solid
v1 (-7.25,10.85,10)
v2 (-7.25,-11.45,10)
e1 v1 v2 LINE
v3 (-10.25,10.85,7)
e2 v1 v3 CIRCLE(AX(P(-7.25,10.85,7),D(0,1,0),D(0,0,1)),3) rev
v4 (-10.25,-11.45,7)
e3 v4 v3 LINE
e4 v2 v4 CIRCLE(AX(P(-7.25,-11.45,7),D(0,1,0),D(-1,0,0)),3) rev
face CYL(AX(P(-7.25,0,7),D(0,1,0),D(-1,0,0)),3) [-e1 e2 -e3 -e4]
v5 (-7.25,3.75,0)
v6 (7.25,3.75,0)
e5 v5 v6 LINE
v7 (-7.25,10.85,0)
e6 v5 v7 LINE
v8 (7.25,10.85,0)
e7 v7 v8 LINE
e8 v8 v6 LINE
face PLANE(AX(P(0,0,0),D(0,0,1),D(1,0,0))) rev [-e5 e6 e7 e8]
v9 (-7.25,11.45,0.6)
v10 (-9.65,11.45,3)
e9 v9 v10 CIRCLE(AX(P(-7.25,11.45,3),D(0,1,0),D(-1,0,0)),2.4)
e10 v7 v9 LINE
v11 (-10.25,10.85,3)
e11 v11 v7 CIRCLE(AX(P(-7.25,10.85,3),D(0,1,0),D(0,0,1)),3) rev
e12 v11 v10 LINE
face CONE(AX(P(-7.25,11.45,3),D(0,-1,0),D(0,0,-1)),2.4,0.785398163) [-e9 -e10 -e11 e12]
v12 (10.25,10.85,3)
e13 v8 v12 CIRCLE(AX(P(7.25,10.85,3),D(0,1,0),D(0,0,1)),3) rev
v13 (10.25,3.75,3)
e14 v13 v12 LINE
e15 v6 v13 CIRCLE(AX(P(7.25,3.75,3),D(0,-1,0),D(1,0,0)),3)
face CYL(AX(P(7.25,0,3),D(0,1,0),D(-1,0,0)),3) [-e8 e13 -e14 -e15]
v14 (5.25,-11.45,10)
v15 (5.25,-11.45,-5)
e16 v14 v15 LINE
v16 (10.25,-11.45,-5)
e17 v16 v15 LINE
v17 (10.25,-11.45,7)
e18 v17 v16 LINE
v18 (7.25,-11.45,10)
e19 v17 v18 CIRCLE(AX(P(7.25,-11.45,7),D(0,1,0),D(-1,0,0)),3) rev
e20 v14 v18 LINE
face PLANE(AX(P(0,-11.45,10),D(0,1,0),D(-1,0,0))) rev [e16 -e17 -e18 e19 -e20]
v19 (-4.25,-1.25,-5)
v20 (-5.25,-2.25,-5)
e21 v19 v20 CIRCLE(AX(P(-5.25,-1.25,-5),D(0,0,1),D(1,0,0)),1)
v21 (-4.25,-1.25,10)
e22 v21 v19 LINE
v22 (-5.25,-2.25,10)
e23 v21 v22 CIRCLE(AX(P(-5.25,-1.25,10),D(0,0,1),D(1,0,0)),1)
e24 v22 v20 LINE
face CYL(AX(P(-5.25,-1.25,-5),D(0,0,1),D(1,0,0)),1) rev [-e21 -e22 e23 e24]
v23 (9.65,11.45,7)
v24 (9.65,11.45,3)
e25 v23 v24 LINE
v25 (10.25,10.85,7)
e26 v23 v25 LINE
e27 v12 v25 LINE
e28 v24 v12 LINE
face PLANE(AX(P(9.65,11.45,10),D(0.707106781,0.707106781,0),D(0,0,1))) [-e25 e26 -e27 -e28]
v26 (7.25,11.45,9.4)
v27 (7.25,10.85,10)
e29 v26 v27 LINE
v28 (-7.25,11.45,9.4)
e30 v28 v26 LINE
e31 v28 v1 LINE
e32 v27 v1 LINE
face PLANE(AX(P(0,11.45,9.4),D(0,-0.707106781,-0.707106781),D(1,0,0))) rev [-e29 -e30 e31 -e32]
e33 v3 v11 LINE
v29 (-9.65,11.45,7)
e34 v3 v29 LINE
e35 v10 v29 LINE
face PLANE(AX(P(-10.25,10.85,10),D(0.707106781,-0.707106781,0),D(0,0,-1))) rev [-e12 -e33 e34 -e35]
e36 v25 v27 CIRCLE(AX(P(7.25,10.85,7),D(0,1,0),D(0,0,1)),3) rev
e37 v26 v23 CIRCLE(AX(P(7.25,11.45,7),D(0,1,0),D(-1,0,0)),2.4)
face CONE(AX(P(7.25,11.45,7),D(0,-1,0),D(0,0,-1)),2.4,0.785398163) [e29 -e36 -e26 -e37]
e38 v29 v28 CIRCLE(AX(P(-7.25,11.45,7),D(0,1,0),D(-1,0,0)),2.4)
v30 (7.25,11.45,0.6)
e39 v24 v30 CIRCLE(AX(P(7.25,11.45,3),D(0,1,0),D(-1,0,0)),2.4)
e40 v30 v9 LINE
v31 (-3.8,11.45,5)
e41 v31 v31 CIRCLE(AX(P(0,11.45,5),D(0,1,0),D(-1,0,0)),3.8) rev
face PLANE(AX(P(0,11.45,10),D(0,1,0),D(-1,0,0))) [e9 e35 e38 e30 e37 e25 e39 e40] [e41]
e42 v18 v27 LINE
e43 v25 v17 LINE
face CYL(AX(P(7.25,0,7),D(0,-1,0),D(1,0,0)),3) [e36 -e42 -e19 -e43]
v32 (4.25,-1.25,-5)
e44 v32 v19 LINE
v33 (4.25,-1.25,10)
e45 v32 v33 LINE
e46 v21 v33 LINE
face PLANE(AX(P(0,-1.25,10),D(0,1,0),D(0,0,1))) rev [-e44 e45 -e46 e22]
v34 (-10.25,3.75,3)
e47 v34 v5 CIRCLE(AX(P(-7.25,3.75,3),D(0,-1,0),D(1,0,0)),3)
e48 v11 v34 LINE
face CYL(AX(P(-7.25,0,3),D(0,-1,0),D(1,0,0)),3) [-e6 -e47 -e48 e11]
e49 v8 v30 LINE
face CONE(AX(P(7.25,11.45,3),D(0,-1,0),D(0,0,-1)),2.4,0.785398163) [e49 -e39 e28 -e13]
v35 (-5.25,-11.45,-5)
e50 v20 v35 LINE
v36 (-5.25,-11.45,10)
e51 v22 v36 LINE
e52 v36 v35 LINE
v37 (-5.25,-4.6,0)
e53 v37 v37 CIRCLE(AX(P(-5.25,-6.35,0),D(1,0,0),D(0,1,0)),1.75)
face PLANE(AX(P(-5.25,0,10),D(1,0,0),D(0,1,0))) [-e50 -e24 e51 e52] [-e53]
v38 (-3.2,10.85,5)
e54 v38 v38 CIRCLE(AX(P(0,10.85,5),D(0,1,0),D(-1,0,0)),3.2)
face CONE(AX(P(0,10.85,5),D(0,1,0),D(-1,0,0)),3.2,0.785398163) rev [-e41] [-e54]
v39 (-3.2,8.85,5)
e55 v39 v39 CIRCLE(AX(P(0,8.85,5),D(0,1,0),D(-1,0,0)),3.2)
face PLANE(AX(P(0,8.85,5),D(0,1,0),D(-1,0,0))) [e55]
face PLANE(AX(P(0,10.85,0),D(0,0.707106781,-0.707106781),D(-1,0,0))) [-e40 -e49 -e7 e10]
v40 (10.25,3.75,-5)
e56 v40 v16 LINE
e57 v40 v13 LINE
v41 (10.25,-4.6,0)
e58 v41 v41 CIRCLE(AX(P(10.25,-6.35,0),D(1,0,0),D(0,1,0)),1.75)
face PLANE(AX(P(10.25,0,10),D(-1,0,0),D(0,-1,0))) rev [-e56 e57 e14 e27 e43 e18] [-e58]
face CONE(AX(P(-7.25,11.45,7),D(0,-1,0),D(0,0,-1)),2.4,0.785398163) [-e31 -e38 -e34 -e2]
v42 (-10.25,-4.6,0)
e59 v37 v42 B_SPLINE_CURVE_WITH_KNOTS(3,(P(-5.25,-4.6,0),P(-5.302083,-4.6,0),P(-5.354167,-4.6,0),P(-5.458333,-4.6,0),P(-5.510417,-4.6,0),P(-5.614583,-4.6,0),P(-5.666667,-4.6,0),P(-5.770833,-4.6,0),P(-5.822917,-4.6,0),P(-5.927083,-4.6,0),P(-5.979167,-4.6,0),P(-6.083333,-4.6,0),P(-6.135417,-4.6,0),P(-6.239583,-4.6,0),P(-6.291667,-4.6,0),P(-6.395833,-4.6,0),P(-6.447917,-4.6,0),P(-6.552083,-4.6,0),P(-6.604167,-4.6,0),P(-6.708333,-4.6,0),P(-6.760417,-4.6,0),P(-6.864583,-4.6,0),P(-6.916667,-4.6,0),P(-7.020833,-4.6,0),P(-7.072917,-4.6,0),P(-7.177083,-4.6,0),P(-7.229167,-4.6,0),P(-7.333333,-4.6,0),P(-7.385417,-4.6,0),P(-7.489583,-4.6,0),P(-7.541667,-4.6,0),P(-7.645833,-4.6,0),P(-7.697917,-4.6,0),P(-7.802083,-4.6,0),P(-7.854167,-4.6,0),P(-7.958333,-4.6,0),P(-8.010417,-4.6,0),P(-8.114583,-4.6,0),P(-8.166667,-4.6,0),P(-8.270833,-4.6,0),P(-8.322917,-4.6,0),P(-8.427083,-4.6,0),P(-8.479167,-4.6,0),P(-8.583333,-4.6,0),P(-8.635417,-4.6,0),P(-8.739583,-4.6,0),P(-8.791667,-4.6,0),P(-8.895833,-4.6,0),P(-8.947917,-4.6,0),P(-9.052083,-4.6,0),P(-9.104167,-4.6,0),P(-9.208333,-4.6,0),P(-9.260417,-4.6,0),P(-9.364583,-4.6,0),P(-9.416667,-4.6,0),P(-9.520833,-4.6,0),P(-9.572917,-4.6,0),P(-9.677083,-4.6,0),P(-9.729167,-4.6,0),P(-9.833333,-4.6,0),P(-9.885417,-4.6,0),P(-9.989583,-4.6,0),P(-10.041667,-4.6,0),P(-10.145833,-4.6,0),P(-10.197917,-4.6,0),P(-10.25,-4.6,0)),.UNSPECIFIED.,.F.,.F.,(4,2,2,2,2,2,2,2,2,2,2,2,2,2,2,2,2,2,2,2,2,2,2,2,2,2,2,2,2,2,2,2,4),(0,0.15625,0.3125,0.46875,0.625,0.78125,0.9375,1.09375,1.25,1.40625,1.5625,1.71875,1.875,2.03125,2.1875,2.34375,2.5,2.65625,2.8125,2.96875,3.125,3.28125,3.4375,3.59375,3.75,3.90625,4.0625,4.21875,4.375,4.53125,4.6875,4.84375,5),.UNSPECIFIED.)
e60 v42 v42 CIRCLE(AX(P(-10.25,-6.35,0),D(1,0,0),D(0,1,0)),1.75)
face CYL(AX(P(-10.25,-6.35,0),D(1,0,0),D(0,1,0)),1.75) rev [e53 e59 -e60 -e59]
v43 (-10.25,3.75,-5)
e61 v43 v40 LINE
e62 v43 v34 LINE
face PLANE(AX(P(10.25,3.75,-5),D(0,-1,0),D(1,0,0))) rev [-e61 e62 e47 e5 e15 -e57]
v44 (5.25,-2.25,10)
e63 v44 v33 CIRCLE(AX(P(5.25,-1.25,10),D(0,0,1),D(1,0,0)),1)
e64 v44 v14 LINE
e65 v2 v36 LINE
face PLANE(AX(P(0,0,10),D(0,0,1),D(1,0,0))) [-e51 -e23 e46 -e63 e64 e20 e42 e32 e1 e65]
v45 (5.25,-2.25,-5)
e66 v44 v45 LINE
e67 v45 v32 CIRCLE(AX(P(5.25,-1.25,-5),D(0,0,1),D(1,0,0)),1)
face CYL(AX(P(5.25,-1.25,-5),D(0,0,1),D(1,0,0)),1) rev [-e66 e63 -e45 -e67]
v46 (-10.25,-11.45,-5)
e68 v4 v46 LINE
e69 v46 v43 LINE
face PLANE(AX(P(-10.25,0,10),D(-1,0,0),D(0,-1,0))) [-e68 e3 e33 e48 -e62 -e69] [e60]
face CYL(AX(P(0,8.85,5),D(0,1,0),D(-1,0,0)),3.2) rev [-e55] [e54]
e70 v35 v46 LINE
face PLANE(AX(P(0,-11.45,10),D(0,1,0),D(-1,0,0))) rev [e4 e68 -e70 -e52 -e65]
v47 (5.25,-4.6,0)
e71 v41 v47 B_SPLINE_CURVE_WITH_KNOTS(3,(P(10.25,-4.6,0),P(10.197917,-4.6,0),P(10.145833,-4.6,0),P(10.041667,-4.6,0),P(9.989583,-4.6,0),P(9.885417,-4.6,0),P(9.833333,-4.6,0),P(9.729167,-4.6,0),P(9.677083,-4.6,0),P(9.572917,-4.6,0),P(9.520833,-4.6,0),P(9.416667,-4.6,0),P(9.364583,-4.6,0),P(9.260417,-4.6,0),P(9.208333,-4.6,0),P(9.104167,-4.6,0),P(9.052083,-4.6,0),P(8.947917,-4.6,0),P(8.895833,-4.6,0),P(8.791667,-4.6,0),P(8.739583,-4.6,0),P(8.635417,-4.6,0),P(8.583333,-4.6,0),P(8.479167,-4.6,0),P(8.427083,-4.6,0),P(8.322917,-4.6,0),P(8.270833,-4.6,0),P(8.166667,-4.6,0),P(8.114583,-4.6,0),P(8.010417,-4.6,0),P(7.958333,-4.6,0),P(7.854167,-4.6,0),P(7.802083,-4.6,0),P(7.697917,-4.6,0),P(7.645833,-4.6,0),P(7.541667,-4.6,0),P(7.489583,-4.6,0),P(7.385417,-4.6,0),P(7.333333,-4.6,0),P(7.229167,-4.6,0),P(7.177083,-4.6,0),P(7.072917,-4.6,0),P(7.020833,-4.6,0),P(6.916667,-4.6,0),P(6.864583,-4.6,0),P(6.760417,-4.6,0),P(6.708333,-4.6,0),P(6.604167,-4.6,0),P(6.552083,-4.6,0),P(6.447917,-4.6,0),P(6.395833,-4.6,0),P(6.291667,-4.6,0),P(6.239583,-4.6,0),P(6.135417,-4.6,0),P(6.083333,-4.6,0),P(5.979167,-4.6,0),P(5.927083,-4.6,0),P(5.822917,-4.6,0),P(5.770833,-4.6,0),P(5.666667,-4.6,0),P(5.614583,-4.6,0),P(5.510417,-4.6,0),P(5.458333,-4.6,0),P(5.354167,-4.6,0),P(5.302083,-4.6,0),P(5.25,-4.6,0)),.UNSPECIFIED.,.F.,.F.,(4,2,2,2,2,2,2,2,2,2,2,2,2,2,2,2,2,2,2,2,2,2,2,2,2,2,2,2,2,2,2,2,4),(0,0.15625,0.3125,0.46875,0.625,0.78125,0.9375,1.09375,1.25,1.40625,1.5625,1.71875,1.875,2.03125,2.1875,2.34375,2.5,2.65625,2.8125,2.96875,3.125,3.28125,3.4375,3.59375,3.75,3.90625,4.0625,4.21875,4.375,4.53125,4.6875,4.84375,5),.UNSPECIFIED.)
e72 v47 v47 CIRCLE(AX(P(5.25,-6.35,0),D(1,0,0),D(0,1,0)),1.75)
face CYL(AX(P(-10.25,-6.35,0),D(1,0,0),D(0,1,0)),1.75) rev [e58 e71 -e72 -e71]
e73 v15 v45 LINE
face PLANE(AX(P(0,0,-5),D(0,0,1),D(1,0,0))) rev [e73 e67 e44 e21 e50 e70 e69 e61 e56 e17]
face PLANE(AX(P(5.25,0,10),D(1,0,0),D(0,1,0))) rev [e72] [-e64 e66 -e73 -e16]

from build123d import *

# Parameters (mm, degrees)
EXTRUDE_1_DEPTH     = 10
EXTRUDE_2_DEPTH     = 5
SKETCH_2_R          = 3.2
CUT_EXTRUDE_1_DEPTH = 2.6
SKETCH_4_R          = 1
CUT_EXTRUDE_3_DEPTH = 22.474752618
SKETCH_6_R          = 1.75
CUT_EXTRUDE_4_DEPTH = 26.521608492
FILLET_1_R          = 3
CHAMFER_1_SIZE      = 0.6


with BuildPart() as part:
    # ｽｹｯﾁ1 → ﾎﾞｽ - 押し出し1 (new body)
    with BuildSketch(Plane.XY):
        Polygon((-10.25, 11.45), (-10.25, -11.45), (-5.25, -11.45), (-5.25, -1.25), (5.25, -1.25), (5.25, -11.45), (10.25, -11.45), (10.25, 11.45), align=None)
    extrude(amount=EXTRUDE_1_DEPTH)

    # ｽｹｯﾁ5 → ﾎﾞｽ - 押し出し2 (add)
    with BuildSketch(Plane(origin=(0, 0, 0), x_dir=(-1, 0, 0), z_dir=(0, 0, -1))):
        Polygon((-10.25, 3.75), (10.25, 3.75), (10.25, -11.45), (5.25, -11.45), (5.25, -1.25), (-5.25, -1.25), (-5.25, -11.45), (-10.25, -11.45), align=None)
    extrude(amount=EXTRUDE_2_DEPTH)

    # ｽｹｯﾁ2 → ｶｯﾄ - 押し出し1 (cut)
    with BuildSketch(Plane(origin=(0, 11.45, 0), x_dir=(1, 0, 0), z_dir=(0, 1, 0))):
        with Locations(Location((0, -5, 0), (0, 0, 180))):
            Circle(SKETCH_2_R)
    extrude(amount=-CUT_EXTRUDE_1_DEPTH, mode=Mode.SUBTRACT)

    # ｽｹｯﾁ4 → ｶｯﾄ - 押し出し3 (cut, through all)
    with BuildSketch(Plane.XY.offset(10)):
        with Locations((5.25, -1.25)):
            Circle(SKETCH_4_R)
        with Locations((-5.25, -1.25)):
            Circle(SKETCH_4_R)
    extrude(amount=-CUT_EXTRUDE_3_DEPTH, mode=Mode.SUBTRACT)

    # ｽｹｯﾁ6 → ｶｯﾄ - 押し出し4 (cut, through all)
    with BuildSketch(Plane(origin=(10.25, 0, 0), x_dir=(0, 0, -1), z_dir=(1, 0, 0))):
        with Locations(Location((0, -6.35, 0), (0, 0, 90))):
            Circle(SKETCH_6_R)
    extrude(amount=-CUT_EXTRUDE_4_DEPTH, mode=Mode.SUBTRACT)

    # ﾌｨﾚｯﾄ1
    fillet_1_edges = [part.edges().sort_by_distance(p)[0] for p in [
        (10.25, 0, 10),
        (-10.25, 7.6, 0),
        (10.25, 7.6, 0),
        (-10.25, 0, 10),
    ]]
    fillet(fillet_1_edges, radius=FILLET_1_R)

    # 面取り1
    chamfer_1_edges = [part.edges().sort_by_distance(p)[0] for p in [
        (3.2, 11.45, 5),
        (0, 11.45, 0),
        (-10.25, 11.45, 5),
        (0, 11.45, 10),
        (10.25, 11.45, 5),
        (9.371320344, 11.45, 9.121320344),
        (9.371320344, 11.45, 0.878679656),
        (-9.371320344, 11.45, 9.121320344),
        (-9.371320344, 11.45, 0.878679656),
    ]]
    chamfer(chamfer_1_edges, length=CHAMFER_1_SIZE)


solid = part.part
